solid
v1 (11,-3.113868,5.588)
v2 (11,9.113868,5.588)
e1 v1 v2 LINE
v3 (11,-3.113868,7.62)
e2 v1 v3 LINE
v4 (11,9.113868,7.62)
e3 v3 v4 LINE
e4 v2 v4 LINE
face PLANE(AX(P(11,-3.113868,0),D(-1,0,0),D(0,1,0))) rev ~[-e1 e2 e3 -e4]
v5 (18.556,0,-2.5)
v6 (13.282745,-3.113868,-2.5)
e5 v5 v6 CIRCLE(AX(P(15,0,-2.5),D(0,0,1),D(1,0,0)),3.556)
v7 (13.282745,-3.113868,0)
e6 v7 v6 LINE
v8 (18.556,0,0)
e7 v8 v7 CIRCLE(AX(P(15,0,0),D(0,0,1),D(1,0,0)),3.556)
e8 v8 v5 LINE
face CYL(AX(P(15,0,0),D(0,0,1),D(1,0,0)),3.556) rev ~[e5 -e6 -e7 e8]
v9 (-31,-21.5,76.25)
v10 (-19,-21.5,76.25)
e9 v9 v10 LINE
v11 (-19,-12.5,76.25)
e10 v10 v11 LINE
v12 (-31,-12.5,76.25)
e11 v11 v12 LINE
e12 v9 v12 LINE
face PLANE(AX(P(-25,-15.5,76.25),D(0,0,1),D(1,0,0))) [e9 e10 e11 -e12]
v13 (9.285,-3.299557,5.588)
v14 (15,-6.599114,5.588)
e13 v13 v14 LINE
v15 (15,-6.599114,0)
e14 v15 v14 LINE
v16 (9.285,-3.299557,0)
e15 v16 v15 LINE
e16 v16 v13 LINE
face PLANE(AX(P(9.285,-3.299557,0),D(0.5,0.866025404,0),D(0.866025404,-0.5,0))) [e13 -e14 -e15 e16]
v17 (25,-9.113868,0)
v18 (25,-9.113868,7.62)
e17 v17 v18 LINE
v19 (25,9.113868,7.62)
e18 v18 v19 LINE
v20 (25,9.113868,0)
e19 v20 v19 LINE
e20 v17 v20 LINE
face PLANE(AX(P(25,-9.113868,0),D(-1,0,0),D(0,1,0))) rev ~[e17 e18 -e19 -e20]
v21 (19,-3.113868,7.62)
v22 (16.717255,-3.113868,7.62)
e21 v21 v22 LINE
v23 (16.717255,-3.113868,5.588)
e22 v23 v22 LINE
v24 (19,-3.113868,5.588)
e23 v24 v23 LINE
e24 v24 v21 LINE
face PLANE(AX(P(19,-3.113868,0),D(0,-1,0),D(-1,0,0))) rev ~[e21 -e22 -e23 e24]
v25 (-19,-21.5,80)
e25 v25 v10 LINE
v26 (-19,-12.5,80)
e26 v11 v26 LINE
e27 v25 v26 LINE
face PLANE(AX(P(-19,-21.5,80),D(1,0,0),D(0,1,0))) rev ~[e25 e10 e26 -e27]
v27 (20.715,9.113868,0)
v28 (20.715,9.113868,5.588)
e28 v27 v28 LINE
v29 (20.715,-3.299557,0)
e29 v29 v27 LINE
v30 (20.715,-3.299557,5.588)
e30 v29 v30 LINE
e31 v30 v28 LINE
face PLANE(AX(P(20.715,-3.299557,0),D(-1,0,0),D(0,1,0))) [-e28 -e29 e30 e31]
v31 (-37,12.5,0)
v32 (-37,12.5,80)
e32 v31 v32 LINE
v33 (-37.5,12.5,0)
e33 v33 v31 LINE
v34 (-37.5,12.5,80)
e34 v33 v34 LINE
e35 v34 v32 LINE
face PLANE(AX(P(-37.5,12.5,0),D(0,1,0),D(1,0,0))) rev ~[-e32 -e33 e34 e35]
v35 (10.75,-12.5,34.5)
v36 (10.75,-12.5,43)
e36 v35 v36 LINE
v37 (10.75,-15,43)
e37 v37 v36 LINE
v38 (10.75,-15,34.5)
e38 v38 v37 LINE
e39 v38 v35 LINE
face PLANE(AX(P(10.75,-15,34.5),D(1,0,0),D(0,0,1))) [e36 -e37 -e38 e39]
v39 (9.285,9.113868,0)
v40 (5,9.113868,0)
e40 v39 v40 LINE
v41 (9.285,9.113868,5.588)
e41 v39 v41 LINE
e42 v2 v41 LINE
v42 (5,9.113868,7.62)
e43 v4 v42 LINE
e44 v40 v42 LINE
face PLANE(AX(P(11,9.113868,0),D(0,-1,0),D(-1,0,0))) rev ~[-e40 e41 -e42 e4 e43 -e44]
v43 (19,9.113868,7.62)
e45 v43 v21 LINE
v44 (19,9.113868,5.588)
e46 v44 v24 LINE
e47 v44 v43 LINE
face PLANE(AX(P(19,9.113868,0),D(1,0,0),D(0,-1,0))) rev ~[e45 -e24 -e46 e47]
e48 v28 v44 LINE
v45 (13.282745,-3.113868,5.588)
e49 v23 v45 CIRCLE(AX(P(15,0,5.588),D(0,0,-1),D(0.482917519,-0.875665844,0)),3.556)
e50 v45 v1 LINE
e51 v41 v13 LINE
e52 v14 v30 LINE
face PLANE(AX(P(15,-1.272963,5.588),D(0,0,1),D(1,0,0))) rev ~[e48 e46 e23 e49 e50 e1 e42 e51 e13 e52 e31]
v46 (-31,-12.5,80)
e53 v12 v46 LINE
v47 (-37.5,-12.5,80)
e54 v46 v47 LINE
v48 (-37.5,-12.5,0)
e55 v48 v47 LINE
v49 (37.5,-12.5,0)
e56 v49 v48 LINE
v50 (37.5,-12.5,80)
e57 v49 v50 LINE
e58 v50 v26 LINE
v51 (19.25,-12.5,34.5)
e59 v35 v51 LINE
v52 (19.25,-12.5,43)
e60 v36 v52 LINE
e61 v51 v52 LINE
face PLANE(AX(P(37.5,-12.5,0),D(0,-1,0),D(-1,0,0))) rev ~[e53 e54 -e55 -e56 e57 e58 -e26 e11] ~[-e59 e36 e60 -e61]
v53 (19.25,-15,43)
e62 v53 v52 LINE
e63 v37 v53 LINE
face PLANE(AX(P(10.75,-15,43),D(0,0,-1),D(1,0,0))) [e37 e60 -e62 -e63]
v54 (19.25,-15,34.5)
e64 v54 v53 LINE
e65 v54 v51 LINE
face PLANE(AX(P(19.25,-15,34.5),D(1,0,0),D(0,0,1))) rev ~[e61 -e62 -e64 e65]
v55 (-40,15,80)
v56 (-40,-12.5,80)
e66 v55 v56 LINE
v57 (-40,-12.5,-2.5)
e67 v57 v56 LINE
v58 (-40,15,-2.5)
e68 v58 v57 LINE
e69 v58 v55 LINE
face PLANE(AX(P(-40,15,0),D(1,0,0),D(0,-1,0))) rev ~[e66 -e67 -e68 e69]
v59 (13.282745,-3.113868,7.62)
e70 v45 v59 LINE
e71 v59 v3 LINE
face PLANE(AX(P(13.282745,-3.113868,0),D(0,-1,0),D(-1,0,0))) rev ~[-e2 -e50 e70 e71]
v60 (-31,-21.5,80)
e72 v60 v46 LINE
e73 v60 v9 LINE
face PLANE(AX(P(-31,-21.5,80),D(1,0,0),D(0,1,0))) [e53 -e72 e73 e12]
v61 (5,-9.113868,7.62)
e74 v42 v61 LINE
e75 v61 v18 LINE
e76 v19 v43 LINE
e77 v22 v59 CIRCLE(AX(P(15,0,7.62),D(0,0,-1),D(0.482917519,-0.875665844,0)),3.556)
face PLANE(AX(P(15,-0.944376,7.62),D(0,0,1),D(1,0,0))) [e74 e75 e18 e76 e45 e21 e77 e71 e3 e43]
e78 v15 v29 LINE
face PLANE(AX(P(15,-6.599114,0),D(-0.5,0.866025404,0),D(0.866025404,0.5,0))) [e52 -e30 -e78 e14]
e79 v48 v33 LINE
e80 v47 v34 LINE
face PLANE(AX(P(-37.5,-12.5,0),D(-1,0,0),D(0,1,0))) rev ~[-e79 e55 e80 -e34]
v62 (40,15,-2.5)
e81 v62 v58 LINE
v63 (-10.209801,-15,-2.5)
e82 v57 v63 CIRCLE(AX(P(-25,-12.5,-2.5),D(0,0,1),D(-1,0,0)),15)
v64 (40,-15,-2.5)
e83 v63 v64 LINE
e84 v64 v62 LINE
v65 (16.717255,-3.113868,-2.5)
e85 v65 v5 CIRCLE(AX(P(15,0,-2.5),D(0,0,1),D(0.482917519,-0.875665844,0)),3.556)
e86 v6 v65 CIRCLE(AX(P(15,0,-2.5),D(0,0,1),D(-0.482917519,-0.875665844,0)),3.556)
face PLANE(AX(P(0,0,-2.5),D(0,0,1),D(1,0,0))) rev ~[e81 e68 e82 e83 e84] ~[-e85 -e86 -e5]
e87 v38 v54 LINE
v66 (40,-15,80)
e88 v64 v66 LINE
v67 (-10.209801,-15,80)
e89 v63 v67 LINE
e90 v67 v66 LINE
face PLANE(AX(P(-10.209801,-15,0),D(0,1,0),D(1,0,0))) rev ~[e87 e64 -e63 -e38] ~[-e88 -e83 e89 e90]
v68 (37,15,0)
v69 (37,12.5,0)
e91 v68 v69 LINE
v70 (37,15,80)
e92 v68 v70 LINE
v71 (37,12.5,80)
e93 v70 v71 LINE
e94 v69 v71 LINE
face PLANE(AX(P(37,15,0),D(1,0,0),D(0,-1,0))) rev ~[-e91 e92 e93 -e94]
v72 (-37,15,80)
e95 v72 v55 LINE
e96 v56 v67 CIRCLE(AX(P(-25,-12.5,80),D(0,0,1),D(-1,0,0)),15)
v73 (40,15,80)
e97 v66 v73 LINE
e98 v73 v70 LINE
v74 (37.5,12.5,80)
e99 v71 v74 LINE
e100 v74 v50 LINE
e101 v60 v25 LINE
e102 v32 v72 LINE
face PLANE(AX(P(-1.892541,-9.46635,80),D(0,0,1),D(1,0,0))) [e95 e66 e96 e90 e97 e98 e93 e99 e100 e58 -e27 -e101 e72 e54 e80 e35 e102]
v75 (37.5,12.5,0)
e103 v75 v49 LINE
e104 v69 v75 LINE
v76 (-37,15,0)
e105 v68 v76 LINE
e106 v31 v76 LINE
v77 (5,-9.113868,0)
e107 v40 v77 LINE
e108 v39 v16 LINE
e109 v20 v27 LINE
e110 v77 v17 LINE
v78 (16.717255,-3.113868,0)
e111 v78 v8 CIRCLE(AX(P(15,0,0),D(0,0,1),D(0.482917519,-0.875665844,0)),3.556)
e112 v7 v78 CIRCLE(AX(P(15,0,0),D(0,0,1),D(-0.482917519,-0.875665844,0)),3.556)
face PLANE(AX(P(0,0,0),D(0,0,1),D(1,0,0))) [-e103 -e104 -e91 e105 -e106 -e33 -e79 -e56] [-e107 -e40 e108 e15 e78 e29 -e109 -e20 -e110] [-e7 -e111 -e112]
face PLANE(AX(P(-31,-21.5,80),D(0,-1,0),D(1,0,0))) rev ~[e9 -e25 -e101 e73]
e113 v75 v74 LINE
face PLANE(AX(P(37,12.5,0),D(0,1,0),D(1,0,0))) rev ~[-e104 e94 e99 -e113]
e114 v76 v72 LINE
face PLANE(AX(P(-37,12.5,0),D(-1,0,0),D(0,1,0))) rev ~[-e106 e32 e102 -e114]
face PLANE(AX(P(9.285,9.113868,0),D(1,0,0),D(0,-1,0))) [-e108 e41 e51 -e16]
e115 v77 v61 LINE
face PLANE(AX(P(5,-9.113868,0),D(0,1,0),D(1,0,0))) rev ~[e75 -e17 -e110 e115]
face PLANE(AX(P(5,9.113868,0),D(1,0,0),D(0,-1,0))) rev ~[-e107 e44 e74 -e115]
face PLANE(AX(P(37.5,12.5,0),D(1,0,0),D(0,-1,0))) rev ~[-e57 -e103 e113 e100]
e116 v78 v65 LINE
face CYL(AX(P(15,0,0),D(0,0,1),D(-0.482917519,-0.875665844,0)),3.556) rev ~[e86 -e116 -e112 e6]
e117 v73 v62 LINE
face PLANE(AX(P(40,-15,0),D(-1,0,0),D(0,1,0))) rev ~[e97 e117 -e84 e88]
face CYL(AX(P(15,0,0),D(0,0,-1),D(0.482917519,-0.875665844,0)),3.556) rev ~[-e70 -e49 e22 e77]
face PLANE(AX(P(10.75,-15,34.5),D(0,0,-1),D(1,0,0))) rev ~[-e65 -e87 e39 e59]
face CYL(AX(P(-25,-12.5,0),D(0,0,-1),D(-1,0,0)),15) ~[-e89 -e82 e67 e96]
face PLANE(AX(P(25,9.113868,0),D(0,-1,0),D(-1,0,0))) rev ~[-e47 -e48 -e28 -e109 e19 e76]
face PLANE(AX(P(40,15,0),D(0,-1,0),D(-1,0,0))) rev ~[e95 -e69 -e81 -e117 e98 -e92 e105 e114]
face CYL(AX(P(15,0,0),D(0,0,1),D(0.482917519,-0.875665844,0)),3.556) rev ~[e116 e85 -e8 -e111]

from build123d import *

# Parameters (mm, degrees)
F1_W      = 74
F1_H      = 2.5
F2_DEPTH  = 2.5
F3_DEPTH  = 80
F4_W      = 12
F4_H      = 12
F5_DEPTH  = 3.75
F6_W      = 8.5
F6_H      = 8.5
F7_DEPTH  = 2.5
F9_DEPTH  = 2.5
F10_DEPTH = 7.62
F11_DEPTH = 5.588


with BuildPart() as f2:
    # F1 (on Top) → F2 (new body)
    with BuildSketch(Plane.XY):
        Polygon((37.5, -12.5), (37.5, 12.5), (37, 12.5), (-37, 12.5), (-37.5, 12.5), (-37.5, -12.5), (-12.5, -12.5), align=None)
        with BuildLine():
            Line((37, 12.5), (37.5, 12.5))
            Line((37.5, 12.5), (37.5, -12.5))
            Line((37.5, -12.5), (-12.5, -12.5))
            ThreePointArc((-12.5, -12.5), (-25, -25), (-37.5, -12.5))
            Line((-37.5, -12.5), (-37.5, 12.5))
            Line((-37.5, 12.5), (-37, 12.5))
            Line((-37, 12.5), (-37, 15))
            Line((-37, 15), (-40, 15))
            Line((-40, 15), (-40, -12.5))
            ThreePointArc((-40, -12.5), (-26.2543939042, -27.4474578418), (-10.2098005423, -15))
            Line((-10.2098005423, -15), (40, -15))
            Line((40, -15), (40, 15))
            Line((40, 15), (37, 15))
            Line((37, 15), (37, 12.5))
        make_face()
        with Locations((0, 13.75)):
            Rectangle(F1_W, F1_H)
        with BuildLine():
            ThreePointArc((-37.5, -12.5), (-25, -25), (-12.5, -12.5))
            Line((-12.5, -12.5), (-37.5, -12.5))
        make_face()
    extrude(amount=-F2_DEPTH)

    # F1 (on Top) → F3 (join)
    with BuildSketch(Plane.XY):
        with BuildLine():
            Line((37, 12.5), (37.5, 12.5))
            Line((37.5, 12.5), (37.5, -12.5))
            Line((37.5, -12.5), (-12.5, -12.5))
            ThreePointArc((-12.5, -12.5), (-25, -25), (-37.5, -12.5))
            Line((-37.5, -12.5), (-37.5, 12.5))
            Line((-37.5, 12.5), (-37, 12.5))
            Line((-37, 12.5), (-37, 15))
            Line((-37, 15), (-40, 15))
            Line((-40, 15), (-40, -12.5))
            ThreePointArc((-40, -12.5), (-26.2543939042, -27.4474578418), (-10.2098005423, -15))
            Line((-10.2098005423, -15), (40, -15))
            Line((40, -15), (40, 15))
            Line((40, 15), (37, 15))
            Line((37, 15), (37, 12.5))
        make_face()
        with BuildLine():
            ThreePointArc((-37.5, -12.5), (-25, -25), (-12.5, -12.5))
            Line((-12.5, -12.5), (-37.5, -12.5))
        make_face()
    extrude(amount=F3_DEPTH)

    # F4 (on face) → F5 (cut)
    with BuildSketch(Plane.XY.offset(80)):
        with Locations((-25, -15.5)):
            Rectangle(F4_W, F4_H)
    extrude(amount=-F5_DEPTH, mode=Mode.SUBTRACT)

    # F6 (on face) → F7 (cut, through all)
    with BuildSketch(Plane.XZ.offset(15)):
        with Locations((15, 38.75)):
            Rectangle(F6_W, F6_H)
    extrude(amount=-F7_DEPTH, mode=Mode.SUBTRACT)

    # F8 (on face) → F9 (cut, through all)
    with BuildSketch(Plane.XY):
        with BuildLine():
            Line((16.717254696, -3.1138677411), (13.282745304, -3.1138677411))
            ThreePointArc((13.282745304, -3.1138677411), (15, -3.556), (16.717254696, -3.1138677411))
        make_face()
        with BuildLine():
            ThreePointArc((18.556, 0), (13.191882429, 3.0620004653), (13.282745304, -3.1138677411))
            Line((13.282745304, -3.1138677411), (16.717254696, -3.1138677411))
            ThreePointArc((16.717254696, -3.1138677411), (18.0620004653, -1.808117571), (18.556, 0))
        make_face()
    extrude(amount=-F9_DEPTH, mode=Mode.SUBTRACT)

    # F8 (on face) → F10 (join)
    with BuildSketch(Plane.XY):
        Polygon((15, -6.5991135768), (9.285, -3.2995567884), (9.285, 3.2995567884), (9.285, 9.1138677411), (5, 9.1138677411), (5, -9.1138677411), (25, -9.1138677411), (25, 9.1138677411), (20.715, 9.1138677411), (20.715, 3.2995567884), (20.715, -3.2995567884), align=None)
        Polygon((19, 4.2897125001), (20.715, 3.2995567884), (20.715, 9.1138677411), (19, 9.1138677411), align=None)
        with BuildLine():
            Line((9.285, 3.2995567884), (9.285, -3.2995567884))
            Line((9.285, -3.2995567884), (15, -6.5991135768))
            Line((15, -6.5991135768), (20.715, -3.2995567884))
            Line((20.715, -3.2995567884), (20.715, 3.2995567884))
            Line((20.715, 3.2995567884), (19, 4.2897125001))
            Line((19, 4.2897125001), (19, 3.1138677411))
            Line((19, 3.1138677411), (19, -3.1138677411))
            Line((19, -3.1138677411), (16.717254696, -3.1138677411))
            ThreePointArc((16.717254696, -3.1138677411), (15, -3.556), (13.282745304, -3.1138677411))
            Line((13.282745304, -3.1138677411), (11, -3.1138677411))
            Line((11, -3.1138677411), (11, 3.1138677411))
            Line((11, 3.1138677411), (11, 4.2897125001))
            Line((11, 4.2897125001), (9.285, 3.2995567884))
        make_face()
        Polygon((9.285, 9.1138677411), (9.285, 3.2995567884), (11, 4.2897125001), (11, 9.1138677411), align=None)
    extrude(amount=F10_DEPTH)

    # F8 (on face) → F11 (cut)
    with BuildSketch(Plane.XY):
        with BuildLine():
            Line((9.285, 3.2995567884), (9.285, -3.2995567884))
            Line((9.285, -3.2995567884), (15, -6.5991135768))
            Line((15, -6.5991135768), (20.715, -3.2995567884))
            Line((20.715, -3.2995567884), (20.715, 3.2995567884))
            Line((20.715, 3.2995567884), (19, 4.2897125001))
            Line((19, 4.2897125001), (19, 3.1138677411))
            Line((19, 3.1138677411), (19, -3.1138677411))
            Line((19, -3.1138677411), (16.717254696, -3.1138677411))
            ThreePointArc((16.717254696, -3.1138677411), (15, -3.556), (13.282745304, -3.1138677411))
            Line((13.282745304, -3.1138677411), (11, -3.1138677411))
            Line((11, -3.1138677411), (11, 3.1138677411))
            Line((11, 3.1138677411), (11, 4.2897125001))
            Line((11, 4.2897125001), (9.285, 3.2995567884))
        make_face()
        Polygon((19, 4.2897125001), (20.715, 3.2995567884), (20.715, 9.1138677411), (19, 9.1138677411), align=None)
        Polygon((9.285, 9.1138677411), (9.285, 3.2995567884), (11, 4.2897125001), (11, 9.1138677411), align=None)
    extrude(amount=F11_DEPTH, mode=Mode.SUBTRACT)


solid = f2.part
